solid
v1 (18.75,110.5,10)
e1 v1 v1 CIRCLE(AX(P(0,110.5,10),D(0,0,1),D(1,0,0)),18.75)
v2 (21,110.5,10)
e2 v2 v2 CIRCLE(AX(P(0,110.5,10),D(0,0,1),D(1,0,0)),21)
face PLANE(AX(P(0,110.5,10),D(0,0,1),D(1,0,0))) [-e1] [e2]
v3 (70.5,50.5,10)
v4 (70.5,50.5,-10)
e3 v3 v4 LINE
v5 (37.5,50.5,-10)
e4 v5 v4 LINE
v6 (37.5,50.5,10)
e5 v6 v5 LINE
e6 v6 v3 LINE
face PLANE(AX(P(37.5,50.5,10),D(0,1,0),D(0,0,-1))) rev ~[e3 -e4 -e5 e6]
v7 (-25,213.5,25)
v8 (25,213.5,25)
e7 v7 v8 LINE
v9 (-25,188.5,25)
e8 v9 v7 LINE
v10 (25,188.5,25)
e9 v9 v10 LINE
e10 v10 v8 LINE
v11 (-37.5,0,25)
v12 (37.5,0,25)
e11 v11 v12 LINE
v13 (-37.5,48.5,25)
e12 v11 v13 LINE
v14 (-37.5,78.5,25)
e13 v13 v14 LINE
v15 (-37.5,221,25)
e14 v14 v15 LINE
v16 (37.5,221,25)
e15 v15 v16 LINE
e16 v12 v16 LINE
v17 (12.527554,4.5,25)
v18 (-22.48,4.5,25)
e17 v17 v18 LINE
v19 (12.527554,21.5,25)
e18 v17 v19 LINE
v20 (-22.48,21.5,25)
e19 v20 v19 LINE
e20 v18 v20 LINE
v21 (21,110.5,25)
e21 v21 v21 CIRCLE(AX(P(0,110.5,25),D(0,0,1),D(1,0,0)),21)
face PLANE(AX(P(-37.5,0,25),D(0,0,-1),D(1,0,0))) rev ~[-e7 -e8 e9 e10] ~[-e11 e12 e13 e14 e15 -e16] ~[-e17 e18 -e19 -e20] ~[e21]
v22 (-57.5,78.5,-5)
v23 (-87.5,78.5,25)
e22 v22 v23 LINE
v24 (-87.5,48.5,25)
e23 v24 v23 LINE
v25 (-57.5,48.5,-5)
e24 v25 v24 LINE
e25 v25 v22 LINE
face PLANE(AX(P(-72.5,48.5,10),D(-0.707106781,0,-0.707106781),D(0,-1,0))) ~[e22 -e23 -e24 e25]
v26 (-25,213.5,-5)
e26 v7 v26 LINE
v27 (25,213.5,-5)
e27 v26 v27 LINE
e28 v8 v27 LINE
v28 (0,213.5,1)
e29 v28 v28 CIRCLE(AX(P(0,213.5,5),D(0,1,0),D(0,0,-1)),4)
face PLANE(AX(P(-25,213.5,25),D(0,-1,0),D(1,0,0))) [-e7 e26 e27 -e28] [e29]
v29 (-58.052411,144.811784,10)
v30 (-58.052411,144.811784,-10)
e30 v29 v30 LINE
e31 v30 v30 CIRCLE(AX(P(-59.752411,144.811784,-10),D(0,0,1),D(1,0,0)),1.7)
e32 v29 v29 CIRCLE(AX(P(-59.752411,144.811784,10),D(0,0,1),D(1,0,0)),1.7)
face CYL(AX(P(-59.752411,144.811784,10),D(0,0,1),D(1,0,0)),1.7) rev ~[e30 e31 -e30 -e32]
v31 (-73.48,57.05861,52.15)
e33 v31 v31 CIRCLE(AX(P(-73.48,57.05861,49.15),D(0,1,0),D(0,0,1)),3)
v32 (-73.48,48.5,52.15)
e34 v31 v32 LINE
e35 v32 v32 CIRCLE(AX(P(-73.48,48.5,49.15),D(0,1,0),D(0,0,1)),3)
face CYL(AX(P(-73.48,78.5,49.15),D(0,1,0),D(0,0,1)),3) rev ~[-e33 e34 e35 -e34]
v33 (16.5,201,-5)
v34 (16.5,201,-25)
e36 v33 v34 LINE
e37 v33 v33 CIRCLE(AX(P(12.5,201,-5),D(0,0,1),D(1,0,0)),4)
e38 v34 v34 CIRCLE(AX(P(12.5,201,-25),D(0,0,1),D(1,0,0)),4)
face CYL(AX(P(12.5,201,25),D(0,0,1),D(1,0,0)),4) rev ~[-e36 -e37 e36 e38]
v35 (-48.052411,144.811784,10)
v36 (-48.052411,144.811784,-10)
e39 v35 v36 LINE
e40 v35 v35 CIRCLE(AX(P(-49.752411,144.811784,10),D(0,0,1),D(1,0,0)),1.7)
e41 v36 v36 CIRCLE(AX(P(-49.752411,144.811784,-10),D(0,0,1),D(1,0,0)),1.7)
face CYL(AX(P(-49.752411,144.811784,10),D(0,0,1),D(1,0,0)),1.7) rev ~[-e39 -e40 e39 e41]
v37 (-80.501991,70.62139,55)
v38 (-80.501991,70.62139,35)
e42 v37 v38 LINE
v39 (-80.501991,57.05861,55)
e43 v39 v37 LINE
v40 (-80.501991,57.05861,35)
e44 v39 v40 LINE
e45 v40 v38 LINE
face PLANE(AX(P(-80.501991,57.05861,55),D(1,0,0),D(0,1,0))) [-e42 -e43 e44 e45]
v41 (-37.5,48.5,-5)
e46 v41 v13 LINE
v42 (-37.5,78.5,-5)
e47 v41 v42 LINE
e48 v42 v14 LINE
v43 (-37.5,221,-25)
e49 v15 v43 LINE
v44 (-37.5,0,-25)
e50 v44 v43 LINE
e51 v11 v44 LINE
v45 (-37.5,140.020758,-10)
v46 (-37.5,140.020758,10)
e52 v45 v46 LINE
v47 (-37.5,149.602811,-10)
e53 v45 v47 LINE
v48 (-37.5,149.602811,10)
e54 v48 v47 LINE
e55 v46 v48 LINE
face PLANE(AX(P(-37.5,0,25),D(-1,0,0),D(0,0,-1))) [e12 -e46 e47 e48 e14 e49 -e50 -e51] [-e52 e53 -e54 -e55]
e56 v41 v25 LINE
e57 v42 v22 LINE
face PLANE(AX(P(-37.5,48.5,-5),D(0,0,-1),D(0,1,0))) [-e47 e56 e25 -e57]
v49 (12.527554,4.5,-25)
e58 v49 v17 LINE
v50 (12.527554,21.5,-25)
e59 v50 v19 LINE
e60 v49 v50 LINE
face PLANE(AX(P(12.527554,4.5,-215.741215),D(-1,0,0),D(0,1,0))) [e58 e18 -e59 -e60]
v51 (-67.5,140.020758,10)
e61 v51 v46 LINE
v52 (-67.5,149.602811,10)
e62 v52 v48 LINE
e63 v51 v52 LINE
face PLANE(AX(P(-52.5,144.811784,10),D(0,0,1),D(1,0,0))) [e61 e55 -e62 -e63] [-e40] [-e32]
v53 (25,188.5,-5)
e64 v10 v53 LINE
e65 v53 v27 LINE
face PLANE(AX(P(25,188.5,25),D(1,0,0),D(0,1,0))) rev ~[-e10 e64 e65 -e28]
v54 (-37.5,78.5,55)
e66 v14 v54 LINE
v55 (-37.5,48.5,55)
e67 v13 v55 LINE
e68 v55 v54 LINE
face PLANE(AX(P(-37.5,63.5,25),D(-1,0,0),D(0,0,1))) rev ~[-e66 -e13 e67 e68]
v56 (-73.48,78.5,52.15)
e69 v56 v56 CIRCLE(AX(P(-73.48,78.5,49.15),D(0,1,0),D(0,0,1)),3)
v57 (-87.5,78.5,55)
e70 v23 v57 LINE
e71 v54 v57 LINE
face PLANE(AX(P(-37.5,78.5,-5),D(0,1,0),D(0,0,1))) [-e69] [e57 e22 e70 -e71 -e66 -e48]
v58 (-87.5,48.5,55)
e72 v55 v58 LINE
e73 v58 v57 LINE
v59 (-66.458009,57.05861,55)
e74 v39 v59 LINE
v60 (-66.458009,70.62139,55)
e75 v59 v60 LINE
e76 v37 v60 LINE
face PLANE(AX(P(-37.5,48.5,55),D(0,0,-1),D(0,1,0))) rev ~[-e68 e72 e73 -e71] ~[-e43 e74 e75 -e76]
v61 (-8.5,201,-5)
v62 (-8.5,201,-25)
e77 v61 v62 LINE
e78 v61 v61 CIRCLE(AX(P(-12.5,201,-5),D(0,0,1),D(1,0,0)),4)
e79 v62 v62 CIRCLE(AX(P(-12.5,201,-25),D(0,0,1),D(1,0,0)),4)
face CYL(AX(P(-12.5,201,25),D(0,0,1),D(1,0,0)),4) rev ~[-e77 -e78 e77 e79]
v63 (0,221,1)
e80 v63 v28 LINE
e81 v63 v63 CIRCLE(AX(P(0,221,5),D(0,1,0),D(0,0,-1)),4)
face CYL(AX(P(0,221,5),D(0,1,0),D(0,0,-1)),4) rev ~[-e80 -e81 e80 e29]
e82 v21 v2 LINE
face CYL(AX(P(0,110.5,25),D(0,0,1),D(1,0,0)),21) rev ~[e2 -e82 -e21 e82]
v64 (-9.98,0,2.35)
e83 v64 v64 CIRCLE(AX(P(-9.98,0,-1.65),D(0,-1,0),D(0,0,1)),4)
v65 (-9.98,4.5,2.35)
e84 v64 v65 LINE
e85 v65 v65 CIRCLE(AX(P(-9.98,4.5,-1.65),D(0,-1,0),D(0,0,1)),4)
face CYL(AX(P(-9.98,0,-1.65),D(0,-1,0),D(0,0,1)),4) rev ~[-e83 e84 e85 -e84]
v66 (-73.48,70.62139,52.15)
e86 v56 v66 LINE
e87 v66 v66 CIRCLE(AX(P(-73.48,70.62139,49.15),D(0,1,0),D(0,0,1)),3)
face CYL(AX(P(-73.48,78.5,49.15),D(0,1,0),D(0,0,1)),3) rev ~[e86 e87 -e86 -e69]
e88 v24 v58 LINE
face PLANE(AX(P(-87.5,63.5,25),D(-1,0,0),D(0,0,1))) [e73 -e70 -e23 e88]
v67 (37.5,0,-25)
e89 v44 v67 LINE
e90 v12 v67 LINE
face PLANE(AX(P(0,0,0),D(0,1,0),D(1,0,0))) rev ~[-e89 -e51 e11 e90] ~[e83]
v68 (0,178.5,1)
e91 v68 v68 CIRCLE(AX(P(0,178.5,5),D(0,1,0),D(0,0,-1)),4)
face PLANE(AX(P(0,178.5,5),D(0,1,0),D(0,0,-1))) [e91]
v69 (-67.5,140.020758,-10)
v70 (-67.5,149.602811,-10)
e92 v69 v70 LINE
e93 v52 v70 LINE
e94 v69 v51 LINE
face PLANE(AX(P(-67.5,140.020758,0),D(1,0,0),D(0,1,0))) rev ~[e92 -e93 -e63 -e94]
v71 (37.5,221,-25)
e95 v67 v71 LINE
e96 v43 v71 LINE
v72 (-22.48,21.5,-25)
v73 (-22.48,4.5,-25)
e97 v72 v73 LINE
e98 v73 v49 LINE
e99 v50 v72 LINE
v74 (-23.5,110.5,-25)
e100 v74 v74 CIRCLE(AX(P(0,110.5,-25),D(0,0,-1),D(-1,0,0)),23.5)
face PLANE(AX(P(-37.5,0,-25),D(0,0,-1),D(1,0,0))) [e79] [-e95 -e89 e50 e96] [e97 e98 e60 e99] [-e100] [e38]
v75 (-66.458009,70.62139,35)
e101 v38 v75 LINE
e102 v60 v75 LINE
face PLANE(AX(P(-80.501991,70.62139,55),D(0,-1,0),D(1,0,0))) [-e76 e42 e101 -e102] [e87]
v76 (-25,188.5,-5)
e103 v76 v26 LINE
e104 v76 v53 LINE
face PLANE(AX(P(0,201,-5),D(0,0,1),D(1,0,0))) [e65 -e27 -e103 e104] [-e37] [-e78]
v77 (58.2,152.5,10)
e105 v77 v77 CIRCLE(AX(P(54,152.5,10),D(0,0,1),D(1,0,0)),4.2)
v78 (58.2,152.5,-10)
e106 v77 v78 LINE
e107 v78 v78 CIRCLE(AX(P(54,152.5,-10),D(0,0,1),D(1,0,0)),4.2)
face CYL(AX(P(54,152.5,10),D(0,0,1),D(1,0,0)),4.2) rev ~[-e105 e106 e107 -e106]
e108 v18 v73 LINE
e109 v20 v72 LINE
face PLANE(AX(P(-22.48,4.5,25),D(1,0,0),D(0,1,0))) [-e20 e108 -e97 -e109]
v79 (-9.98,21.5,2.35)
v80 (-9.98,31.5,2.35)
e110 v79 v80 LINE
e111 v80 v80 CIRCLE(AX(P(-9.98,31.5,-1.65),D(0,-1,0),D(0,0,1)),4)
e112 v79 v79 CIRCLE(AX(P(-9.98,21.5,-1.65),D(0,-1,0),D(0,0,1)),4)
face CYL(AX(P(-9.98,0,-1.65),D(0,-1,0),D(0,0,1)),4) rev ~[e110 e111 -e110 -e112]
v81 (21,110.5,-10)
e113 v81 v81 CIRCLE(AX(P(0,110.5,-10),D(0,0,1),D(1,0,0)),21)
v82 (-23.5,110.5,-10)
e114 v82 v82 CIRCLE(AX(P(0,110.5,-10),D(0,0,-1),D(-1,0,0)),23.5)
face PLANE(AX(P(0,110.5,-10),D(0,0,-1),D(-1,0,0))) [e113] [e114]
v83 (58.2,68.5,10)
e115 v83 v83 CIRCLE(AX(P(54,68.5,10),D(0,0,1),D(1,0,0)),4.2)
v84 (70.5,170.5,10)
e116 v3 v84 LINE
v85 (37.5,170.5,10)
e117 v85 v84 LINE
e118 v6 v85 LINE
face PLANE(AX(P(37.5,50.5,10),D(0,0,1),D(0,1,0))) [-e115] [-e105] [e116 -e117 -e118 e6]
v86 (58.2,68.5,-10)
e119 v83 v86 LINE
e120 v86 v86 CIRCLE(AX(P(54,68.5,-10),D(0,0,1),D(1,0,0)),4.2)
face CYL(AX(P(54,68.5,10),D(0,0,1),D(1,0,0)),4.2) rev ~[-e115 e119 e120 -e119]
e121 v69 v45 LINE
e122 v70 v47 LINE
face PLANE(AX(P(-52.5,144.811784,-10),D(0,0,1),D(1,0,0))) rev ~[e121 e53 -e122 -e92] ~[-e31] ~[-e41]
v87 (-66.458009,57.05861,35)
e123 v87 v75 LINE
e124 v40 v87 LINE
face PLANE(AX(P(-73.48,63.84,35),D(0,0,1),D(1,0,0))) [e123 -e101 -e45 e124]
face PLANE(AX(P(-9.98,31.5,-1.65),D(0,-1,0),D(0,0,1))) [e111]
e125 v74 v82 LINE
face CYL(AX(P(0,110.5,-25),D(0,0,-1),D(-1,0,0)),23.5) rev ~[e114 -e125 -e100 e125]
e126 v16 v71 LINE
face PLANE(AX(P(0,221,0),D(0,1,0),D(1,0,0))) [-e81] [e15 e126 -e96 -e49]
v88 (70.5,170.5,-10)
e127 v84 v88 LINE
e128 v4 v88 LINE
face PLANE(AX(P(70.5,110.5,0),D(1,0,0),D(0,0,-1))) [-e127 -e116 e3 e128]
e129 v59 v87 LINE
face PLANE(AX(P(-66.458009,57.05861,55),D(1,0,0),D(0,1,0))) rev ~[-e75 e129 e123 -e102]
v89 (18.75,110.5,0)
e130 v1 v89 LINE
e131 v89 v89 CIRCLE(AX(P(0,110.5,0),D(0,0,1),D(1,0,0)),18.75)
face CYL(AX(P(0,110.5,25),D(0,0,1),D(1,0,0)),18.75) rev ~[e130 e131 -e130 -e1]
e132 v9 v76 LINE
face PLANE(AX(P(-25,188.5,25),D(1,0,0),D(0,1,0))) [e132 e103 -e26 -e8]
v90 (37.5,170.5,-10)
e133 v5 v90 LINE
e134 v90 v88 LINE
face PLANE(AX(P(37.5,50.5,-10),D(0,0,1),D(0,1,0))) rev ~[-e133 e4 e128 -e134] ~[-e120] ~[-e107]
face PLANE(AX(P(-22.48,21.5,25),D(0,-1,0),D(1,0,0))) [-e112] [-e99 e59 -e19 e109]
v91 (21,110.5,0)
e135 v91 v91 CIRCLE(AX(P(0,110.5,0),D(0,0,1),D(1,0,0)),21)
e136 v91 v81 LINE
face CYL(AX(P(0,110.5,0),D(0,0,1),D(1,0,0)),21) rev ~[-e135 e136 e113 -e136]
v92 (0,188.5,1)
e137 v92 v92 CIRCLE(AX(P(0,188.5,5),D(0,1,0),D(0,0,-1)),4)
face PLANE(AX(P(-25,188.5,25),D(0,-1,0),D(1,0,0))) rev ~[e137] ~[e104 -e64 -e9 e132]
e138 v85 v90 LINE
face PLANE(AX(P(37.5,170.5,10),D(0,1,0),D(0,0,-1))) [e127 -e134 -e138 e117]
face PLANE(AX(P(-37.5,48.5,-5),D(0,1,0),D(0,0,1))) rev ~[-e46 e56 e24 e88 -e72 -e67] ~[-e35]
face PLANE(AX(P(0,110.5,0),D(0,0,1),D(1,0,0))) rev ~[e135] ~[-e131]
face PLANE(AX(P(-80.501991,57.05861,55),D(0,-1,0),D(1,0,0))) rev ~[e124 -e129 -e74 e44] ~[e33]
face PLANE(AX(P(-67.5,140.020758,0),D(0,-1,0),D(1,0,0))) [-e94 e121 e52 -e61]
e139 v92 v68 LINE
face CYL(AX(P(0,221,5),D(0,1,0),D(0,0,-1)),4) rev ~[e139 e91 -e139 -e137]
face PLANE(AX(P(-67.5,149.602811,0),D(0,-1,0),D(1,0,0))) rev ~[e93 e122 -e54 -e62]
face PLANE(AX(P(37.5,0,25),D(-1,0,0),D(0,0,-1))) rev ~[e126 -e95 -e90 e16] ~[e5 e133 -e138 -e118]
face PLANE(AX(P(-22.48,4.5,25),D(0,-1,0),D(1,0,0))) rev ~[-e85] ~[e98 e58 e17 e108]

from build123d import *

# Parameters (mm, degrees)
SKETCH1_W                         = 75
SKETCH1_H                         = 50
BE_MAIN_UPRIGHT_BODY_DEPTH        = 221
SKETCH4_R                         = 18.75
CE_THROUGH_HOLE_DEPTH             = 230.667694724
SKETCH2_R                         = 21
CE_INNER_BEARING_DEPTH            = 15
SKETCH3_R                         = 23.5
CE_OUTER_BEARING_DEPTH            = 15
SKETCH7_W                         = 20
SKETCH7_H                         = 120
BE_CALIPER_MOUNT_DEPTH            = 33
SKETCH21_W                        = 30
SKETCH21_H                        = 9.582052631
BE_TEMP_SENSOR_MOUNT_V2_DEPTH     = 10
SKETCH9_W                         = 60
SKETCH9_H                         = 30
BE_TIE_ROD_MOUNT_DEPTH            = 50
SKETCH10_R                        = 4.2
CE_CALIPER_HOLES_DEPTH            = 242.91372429
SKETCH12_R                        = 4
CE_TOP_CLEVIS_HOLES_DEPTH         = 243.893495178
SKETCH33_W                        = 50
SKETCH33_H                        = 25
CE_SIMPLE_TOP_CLEVIS_SPACE_DEPTH  = 30
SKETCH34_R                        = 4
CUT_EXTRUDE12_DEPTH               = 42.5
SKETCH14_W                        = 25
SKETCH14_H                        = 12
CE_BOTTOM_CLEVIS_SPACE_DEPTH      = 243.893495178
SKETCH15_W                        = 25
SKETCH15_H                        = 5
CE_EXPAND_BOTTOM_CLEVIS_DEPTH     = 243.893495178
CE_WIDEN_BOTTOM_CLEVIS_DEPTH      = 240.74121548
CE_WIDEN_BOTTOM_CLEVIS_DEPTH_BACK = 240.74121548
SKETCH16_W                        = 10.007554032
SKETCH16_H                        = 17
CHAMFER1_SIZE                     = 30
SKETCH18_W                        = 14.04398123
SKETCH18_H                        = 13.562779604
CUT_EXTRUDE1_DEPTH                = 20
SKETCH19_R                        = 3
CUT_EXTRUDE2_DEPTH                = 177.032667423
SKETCH22_R                        = 1.7
CUT_EXTRUDE4_DEPTH                = 20
SKETCH31_R                        = 4
CUT_EXTRUDE9_DEPTH                = 31.5
SKETCH35_R                        = 21
CUT_EXTRUDE13_DEPTH               = 10


with BuildPart() as part:
    # Sketch1 → BE - main upright body (new body)
    with BuildSketch(Plane(origin=(0, 0, 0), x_dir=(1, 0, 0), z_dir=(0, 1, 0))):
        Rectangle(SKETCH1_W, SKETCH1_H)
    extrude(amount=BE_MAIN_UPRIGHT_BODY_DEPTH)

    # Sketch4 → CE - Through hole (cut, through all)
    with BuildSketch(Plane.XY.offset(25)):
        with Locations((0, 110.5)):
            Circle(SKETCH4_R)
    extrude(amount=-CE_THROUGH_HOLE_DEPTH, mode=Mode.SUBTRACT)

    # Sketch2 → CE - Inner bearing (cut)
    with BuildSketch(Plane.XY.offset(25)):
        with Locations((0, 110.5)):
            Circle(SKETCH2_R)
    extrude(amount=-CE_INNER_BEARING_DEPTH, mode=Mode.SUBTRACT)

    # Sketch3 → CE - Outer bearing (cut)
    with BuildSketch(Plane(origin=(0, 0, -25), x_dir=(-1, 0, 0), z_dir=(0, 0, -1))):
        with Locations((0, 110.5)):
            Circle(SKETCH3_R)
    extrude(amount=-CE_OUTER_BEARING_DEPTH, mode=Mode.SUBTRACT)

    # Sketch7 → BE - caliper mount (add)
    with BuildSketch(Plane(origin=(37.5, 0, 0), x_dir=(0, 0, -1), z_dir=(1, 0, 0))):
        with Locations((0, 110.5)):
            Rectangle(SKETCH7_W, SKETCH7_H)
    extrude(amount=BE_CALIPER_MOUNT_DEPTH)

    # Sketch21 → BE - temp sensor mount v2 (add, symmetric)
    with BuildSketch(Plane.XY):
        with Locations((-52.5, 144.811784304)):
            Rectangle(SKETCH21_W, SKETCH21_H)
    extrude(amount=BE_TEMP_SENSOR_MOUNT_V2_DEPTH, both=True)

    # Sketch9 → BE - tie rod mount (add)
    with BuildSketch(Plane.ZY.offset(37.5)):
        with Locations((25, 63.5)):
            Rectangle(SKETCH9_W, SKETCH9_H)
    extrude(amount=BE_TIE_ROD_MOUNT_DEPTH)

    # Sketch10 → CE - caliper holes (cut, through all)
    with BuildSketch(Plane.XY.offset(10)):
        with Locations((54, 152.5)):
            Circle(SKETCH10_R)
        with Locations((54, 68.5)):
            Circle(SKETCH10_R)
    extrude(amount=-CE_CALIPER_HOLES_DEPTH, mode=Mode.SUBTRACT)

    # Sketch12 → CE - top clevis holes (cut, through all)
    with BuildSketch(Plane.XY.offset(25)):
        with Locations((-12.5, 201)):
            Circle(SKETCH12_R)
        with Locations((12.5, 201)):
            Circle(SKETCH12_R)
    extrude(amount=-CE_TOP_CLEVIS_HOLES_DEPTH, mode=Mode.SUBTRACT)

    # Sketch33 → CE - simple top clevis space (cut)
    with BuildSketch(Plane.XY.offset(25)):
        with Locations((0, 201)):
            Rectangle(SKETCH33_W, SKETCH33_H)
    extrude(amount=-CE_SIMPLE_TOP_CLEVIS_SPACE_DEPTH, mode=Mode.SUBTRACT)

    # Sketch34 → Cut-Extrude12 (cut)
    with BuildSketch(Plane(origin=(0, 221, 0), x_dir=(1, 0, 0), z_dir=(0, 1, 0))):
        with Locations(Location((0, -5, 0), (0, 0, 90))):
            Circle(SKETCH34_R)
    extrude(amount=-CUT_EXTRUDE12_DEPTH, mode=Mode.SUBTRACT)

    # Sketch14 → CE - bottom clevis space (cut, through all)
    with BuildSketch(Plane.XY.offset(25)):
        with Locations((-9.98, 10.5)):
            Rectangle(SKETCH14_W, SKETCH14_H)
    extrude(amount=-CE_BOTTOM_CLEVIS_SPACE_DEPTH, mode=Mode.SUBTRACT)

    # Sketch15 → CE - expand bottom clevis (cut, through all)
    with BuildSketch(Plane.XY.offset(25)):
        with Locations((-9.98, 19)):
            Rectangle(SKETCH15_W, SKETCH15_H)
    extrude(amount=-CE_EXPAND_BOTTOM_CLEVIS_DEPTH, mode=Mode.SUBTRACT)

    # Sketch16 → CE - widen bottom clevis (cut, two sides: drawn at the far end of the back side and taken through both)
    with BuildSketch(Plane(origin=(2.52, 4.5, 25), x_dir=(1, 0, 0), z_dir=(0, 0, 1)).offset(-CE_WIDEN_BOTTOM_CLEVIS_DEPTH_BACK)):
        with Locations((5.003777016, 8.5)):
            Rectangle(SKETCH16_W, SKETCH16_H)
    extrude(amount=CE_WIDEN_BOTTOM_CLEVIS_DEPTH + CE_WIDEN_BOTTOM_CLEVIS_DEPTH_BACK, mode=Mode.SUBTRACT)

    # Chamfer1
    chamfer1_edges = [part.edges().sort_by_distance(p)[0] for p in [
        (-87.5, 63.5, -5),
    ]]
    chamfer(chamfer1_edges, length=CHAMFER1_SIZE)

    # Sketch18 → Cut-Extrude1 (cut)
    with BuildSketch(Plane.XY.offset(55)):
        with Locations((-73.48, 63.84)):
            Rectangle(SKETCH18_W, SKETCH18_H)
    extrude(amount=-CUT_EXTRUDE1_DEPTH, mode=Mode.SUBTRACT)

    # Sketch19 → Cut-Extrude2 (cut, through all)
    with BuildSketch(Plane(origin=(0, 78.5, 0), x_dir=(1, 0, 0), z_dir=(0, 1, 0))):
        with Locations(Location((-73.48, -49.15, 0), (0, 0, 270))):
            Circle(SKETCH19_R)
    extrude(amount=-CUT_EXTRUDE2_DEPTH, mode=Mode.SUBTRACT)

    # Sketch22 → Cut-Extrude4 (cut)
    with BuildSketch(Plane.XY.offset(10)):
        with Locations((-59.752411208, 144.811784303)):
            Circle(SKETCH22_R)
        with Locations((-49.752411208, 144.811784303)):
            Circle(SKETCH22_R)
    extrude(amount=-CUT_EXTRUDE4_DEPTH, mode=Mode.SUBTRACT)

    # Sketch31 → Cut-Extrude9 (cut)
    with BuildSketch(Plane.XZ):
        with Locations(Location((-9.98, -1.65, 0), (0, 0, 90))):
            Circle(SKETCH31_R)
    extrude(amount=-CUT_EXTRUDE9_DEPTH, mode=Mode.SUBTRACT)

    # Sketch35 → Cut-Extrude13 (cut)
    with BuildSketch(Plane.XY):
        with Locations((0, 110.5)):
            Circle(SKETCH35_R)
    extrude(amount=-CUT_EXTRUDE13_DEPTH, mode=Mode.SUBTRACT)


solid = part.part
